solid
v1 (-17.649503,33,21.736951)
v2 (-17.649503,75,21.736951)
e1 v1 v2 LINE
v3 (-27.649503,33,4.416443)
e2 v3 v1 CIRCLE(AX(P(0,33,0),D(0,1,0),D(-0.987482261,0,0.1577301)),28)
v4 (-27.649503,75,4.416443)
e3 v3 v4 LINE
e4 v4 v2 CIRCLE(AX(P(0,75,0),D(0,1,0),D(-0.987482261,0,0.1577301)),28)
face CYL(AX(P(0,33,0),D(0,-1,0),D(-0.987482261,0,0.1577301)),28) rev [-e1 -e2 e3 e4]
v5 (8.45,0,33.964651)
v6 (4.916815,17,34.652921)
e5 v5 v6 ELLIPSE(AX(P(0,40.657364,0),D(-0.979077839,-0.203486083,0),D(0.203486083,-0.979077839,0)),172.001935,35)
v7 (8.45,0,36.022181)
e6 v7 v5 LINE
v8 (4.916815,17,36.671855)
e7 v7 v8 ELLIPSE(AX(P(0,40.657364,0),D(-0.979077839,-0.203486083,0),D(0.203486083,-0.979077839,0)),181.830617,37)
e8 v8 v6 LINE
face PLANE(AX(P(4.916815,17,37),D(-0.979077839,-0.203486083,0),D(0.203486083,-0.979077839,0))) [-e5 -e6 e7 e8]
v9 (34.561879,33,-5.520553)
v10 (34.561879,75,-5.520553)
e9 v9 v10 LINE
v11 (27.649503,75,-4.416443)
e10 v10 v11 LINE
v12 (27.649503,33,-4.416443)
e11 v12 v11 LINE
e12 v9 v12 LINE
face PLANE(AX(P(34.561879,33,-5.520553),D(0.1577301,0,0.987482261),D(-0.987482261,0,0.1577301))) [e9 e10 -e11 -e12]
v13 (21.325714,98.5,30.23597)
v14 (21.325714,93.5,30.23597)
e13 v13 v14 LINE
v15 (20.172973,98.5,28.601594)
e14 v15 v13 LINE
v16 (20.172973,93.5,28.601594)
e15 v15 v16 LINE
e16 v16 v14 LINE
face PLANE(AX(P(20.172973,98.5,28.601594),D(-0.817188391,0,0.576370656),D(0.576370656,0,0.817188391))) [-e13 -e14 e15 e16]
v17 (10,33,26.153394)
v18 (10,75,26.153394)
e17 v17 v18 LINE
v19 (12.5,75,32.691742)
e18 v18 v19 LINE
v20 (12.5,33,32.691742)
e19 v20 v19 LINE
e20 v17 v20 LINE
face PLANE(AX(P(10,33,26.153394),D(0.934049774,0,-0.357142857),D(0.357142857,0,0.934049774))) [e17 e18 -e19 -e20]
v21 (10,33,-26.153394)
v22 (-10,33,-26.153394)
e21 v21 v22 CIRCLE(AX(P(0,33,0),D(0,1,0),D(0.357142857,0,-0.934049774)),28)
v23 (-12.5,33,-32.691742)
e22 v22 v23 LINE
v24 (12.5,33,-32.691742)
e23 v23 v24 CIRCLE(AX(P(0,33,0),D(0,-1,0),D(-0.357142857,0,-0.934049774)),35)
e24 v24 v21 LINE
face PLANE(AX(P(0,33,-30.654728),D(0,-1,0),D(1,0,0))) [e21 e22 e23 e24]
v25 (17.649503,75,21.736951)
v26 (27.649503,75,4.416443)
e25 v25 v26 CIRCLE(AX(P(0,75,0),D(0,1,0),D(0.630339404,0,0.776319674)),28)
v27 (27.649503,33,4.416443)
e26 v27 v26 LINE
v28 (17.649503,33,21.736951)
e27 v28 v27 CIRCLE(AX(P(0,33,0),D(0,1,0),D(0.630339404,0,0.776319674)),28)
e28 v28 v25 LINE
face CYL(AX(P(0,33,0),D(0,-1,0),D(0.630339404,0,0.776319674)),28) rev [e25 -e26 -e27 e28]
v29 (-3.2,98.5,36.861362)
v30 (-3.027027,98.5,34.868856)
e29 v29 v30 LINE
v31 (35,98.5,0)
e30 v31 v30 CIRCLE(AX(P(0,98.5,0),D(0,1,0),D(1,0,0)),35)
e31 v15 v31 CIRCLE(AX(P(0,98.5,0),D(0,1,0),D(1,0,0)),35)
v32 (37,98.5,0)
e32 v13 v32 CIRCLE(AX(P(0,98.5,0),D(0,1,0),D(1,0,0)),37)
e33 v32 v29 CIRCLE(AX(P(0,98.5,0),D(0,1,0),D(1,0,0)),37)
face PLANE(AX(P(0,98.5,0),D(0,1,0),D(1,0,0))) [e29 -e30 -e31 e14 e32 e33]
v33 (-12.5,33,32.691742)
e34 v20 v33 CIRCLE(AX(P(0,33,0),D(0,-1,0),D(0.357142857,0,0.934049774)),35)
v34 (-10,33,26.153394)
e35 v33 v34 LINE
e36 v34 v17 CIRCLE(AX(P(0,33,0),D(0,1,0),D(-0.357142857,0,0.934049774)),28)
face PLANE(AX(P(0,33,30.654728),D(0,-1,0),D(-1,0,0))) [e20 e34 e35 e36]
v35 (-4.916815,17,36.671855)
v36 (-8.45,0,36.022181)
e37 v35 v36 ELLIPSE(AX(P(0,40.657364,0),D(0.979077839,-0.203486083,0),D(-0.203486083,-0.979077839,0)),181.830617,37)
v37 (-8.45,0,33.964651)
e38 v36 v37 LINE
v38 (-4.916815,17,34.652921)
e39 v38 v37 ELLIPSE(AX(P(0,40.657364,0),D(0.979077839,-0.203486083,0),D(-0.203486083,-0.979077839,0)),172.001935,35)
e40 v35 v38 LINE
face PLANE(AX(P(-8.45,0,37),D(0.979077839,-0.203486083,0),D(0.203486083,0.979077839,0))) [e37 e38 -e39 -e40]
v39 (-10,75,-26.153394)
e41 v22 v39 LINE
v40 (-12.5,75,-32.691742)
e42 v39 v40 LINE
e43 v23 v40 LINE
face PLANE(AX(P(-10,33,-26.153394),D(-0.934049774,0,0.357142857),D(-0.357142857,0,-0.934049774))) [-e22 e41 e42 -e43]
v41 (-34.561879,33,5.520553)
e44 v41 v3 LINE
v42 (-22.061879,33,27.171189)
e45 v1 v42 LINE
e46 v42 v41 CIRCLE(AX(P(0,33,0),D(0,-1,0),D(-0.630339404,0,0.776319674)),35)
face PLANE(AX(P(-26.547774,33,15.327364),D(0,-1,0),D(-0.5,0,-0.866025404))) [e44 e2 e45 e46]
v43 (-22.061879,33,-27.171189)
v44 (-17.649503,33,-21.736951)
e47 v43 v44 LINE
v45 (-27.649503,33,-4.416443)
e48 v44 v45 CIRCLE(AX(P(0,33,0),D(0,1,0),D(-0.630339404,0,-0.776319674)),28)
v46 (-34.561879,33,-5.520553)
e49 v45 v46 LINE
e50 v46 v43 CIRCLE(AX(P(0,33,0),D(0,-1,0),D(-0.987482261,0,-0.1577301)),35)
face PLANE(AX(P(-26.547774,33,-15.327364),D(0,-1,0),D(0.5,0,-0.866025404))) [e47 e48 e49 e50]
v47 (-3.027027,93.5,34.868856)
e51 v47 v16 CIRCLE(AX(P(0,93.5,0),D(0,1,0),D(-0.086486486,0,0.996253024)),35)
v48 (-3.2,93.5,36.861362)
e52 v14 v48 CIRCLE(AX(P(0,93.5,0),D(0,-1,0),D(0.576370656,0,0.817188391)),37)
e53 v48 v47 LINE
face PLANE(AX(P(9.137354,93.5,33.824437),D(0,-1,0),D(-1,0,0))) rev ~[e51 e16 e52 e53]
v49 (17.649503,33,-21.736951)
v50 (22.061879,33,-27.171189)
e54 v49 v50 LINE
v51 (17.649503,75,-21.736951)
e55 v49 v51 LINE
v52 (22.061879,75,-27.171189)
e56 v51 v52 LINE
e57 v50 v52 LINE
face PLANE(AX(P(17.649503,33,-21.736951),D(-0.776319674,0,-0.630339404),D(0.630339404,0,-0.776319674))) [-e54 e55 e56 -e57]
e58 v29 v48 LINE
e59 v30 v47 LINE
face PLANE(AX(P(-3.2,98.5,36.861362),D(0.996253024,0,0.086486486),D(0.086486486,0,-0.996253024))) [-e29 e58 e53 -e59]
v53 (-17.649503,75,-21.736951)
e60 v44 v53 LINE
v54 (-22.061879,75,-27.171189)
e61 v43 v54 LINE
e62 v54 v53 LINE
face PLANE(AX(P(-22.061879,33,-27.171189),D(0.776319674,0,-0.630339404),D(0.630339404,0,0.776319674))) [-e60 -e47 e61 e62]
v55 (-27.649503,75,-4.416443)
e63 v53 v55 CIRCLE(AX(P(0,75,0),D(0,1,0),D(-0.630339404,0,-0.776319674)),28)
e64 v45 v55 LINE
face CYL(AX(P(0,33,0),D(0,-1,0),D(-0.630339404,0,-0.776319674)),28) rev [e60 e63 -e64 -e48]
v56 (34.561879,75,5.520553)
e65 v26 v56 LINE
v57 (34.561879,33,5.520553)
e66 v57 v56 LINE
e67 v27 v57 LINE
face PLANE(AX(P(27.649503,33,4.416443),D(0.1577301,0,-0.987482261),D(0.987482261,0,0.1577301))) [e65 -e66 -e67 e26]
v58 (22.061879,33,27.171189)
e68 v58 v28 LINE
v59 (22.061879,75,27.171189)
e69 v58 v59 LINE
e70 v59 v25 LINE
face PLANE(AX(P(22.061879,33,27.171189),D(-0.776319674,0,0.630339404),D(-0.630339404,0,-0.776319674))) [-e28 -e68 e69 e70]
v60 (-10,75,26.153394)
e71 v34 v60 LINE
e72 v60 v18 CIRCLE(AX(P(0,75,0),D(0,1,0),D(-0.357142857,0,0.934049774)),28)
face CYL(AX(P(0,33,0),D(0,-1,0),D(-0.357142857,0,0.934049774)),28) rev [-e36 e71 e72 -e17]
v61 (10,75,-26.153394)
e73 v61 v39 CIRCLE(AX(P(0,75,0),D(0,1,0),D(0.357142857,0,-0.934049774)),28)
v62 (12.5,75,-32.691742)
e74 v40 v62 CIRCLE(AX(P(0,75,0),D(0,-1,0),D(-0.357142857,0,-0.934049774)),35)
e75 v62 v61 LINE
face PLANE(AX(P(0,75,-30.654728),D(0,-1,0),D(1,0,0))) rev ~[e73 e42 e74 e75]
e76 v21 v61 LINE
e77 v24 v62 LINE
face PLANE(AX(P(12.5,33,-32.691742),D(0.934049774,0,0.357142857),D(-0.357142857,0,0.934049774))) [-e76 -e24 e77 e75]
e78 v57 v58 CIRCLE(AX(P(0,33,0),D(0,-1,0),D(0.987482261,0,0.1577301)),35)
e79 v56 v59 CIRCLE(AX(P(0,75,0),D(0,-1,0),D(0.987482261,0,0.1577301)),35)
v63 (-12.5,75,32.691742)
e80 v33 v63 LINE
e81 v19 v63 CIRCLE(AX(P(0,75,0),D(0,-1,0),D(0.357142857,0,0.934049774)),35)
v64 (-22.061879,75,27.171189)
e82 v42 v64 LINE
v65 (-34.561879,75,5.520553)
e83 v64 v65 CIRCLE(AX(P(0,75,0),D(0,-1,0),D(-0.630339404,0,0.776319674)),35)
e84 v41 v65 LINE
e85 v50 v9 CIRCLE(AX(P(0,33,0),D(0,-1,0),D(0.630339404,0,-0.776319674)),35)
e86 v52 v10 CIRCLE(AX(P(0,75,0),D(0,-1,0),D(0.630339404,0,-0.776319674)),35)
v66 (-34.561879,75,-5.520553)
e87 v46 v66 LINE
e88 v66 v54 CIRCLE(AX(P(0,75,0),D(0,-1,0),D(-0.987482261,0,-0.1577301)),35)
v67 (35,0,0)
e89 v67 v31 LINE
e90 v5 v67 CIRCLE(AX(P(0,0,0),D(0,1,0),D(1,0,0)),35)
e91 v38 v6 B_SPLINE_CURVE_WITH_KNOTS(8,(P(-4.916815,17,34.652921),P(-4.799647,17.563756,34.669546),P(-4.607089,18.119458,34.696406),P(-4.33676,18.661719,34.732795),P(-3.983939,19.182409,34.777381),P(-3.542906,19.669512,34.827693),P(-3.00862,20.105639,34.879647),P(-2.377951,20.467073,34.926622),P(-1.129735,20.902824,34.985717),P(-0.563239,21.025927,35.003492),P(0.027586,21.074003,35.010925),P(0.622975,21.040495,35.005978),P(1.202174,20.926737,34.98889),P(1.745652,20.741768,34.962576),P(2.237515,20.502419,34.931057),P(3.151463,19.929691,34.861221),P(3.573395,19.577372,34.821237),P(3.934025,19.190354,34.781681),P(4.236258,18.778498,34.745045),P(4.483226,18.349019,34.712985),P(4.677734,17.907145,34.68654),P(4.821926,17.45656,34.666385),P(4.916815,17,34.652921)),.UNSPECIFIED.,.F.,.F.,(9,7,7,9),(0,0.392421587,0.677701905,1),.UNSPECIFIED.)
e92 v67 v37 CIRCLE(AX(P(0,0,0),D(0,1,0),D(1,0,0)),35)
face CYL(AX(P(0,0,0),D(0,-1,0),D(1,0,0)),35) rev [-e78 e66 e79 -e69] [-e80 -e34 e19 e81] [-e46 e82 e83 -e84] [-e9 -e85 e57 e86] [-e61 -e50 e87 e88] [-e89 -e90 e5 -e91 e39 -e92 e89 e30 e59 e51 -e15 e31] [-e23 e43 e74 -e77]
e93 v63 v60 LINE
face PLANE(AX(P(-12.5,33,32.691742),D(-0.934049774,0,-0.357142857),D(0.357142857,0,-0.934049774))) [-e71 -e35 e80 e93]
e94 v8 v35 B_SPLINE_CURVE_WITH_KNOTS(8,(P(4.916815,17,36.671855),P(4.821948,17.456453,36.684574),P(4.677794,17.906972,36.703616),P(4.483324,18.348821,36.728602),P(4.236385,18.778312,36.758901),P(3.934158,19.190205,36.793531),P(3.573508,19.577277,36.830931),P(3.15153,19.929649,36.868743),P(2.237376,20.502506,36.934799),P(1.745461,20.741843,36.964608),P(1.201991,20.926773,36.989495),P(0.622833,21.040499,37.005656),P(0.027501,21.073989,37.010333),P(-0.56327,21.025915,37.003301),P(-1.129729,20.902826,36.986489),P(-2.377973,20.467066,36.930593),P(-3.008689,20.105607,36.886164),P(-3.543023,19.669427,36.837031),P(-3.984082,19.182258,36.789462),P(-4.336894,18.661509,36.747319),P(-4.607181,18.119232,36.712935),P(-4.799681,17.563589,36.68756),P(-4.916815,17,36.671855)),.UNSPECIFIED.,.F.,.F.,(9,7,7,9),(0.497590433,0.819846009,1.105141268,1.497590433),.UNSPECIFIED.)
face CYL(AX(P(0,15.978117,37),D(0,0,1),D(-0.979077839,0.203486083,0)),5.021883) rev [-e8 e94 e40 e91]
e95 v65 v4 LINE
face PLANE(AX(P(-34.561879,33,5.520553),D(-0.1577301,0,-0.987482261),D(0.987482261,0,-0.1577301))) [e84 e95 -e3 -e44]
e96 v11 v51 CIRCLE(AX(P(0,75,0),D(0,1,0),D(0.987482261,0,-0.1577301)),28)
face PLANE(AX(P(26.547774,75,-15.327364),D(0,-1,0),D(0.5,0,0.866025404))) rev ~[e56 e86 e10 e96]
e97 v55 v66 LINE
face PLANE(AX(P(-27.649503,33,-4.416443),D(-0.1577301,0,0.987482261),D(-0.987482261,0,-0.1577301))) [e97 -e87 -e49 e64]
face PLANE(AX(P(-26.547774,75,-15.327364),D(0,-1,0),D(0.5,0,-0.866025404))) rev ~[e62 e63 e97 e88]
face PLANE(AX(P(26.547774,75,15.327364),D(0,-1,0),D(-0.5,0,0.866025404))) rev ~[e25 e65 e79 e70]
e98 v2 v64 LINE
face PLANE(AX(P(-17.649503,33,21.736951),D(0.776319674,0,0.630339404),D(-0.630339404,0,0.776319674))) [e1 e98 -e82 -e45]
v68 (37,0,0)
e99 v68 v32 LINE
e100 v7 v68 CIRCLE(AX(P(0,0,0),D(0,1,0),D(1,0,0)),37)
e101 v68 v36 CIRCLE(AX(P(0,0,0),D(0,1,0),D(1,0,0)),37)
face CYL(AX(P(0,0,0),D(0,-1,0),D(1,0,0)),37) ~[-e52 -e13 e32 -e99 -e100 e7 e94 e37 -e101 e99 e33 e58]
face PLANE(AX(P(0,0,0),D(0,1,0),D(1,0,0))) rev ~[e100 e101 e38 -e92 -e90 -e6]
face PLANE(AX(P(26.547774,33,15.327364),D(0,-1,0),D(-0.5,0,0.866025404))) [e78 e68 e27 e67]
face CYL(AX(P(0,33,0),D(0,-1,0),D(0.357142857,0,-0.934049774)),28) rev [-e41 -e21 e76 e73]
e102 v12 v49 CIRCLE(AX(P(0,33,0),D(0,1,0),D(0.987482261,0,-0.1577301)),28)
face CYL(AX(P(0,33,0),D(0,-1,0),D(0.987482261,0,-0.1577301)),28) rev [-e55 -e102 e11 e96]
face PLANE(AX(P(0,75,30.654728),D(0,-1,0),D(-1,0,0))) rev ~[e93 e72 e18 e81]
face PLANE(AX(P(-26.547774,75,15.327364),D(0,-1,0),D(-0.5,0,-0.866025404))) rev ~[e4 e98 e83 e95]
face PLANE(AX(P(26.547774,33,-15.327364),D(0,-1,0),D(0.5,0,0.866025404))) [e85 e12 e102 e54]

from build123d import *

# Parameters (mm, degrees)
SKETCH1_R           = 37
SKETCH1_R_2         = 35
BOSS_EXTRUDE1_DEPTH = 98.5
CUT_EXTRUDE2_REACH  = 76
CUT_EXTRUDE3_DEPTH  = 5
BOSS_EXTRUDE2_DEPTH = 42
CIRPATTERN1_COUNT   = 6


with BuildPart() as part:
    # Sketch1 → Boss-Extrude1 (new body)
    with BuildSketch(Plane(origin=(0, 0, 0), x_dir=(1, 0, 0), z_dir=(0, 1, 0))):
        Circle(SKETCH1_R)
        Circle(SKETCH1_R_2, mode=Mode.SUBTRACT)
    extrude(amount=BOSS_EXTRUDE1_DEPTH)

    # Sketch2 → Cut-Extrude2 (cut, up to next)
    with BuildSketch(Plane.XY.offset(37), mode=Mode.PRIVATE) as cut_extrude2_sk1:
        with BuildLine():
            Line((-8.45, 0), (-4.916814722, 17))
            ThreePointArc((-4.916814722, 17), (0, 21), (4.916814722, 17))
            Line((4.916814722, 17), (8.45, 0))
            Line((8.45, 0), (-8.45, 0))
        make_face()
    cut_extrude2_tool1 = extrude(cut_extrude2_sk1.sketch, amount=-CUT_EXTRUDE2_REACH, mode=Mode.PRIVATE) & part.part
    add(cut_extrude2_tool1.solids().sort_by_distance((0, 9.002939, 37))[0], mode=Mode.SUBTRACT)

    # Sketch4 → Cut-Extrude3 (cut)
    with BuildSketch(Plane(origin=(0, 98.5, 0), x_dir=(1, 0, 0), z_dir=(0, 1, 0))):
        with BuildLine():
            Line((20.172972973, -28.601593687), (21.325714286, -30.235970469))
            ThreePointArc((21.325714286, -30.235970469), (9.649317719, -35.719611806), (-3.2, -36.861361885))
            Line((-3.2, -36.861361885), (-3.027027027, -34.868855837))
            ThreePointArc((-3.027027027, -34.868855837), (9.127732978, -33.788821978), (20.172972973, -28.601593687))
        make_face()
    extrude(amount=-CUT_EXTRUDE3_DEPTH, mode=Mode.SUBTRACT)

    # Sketch5 → Boss-Extrude2 (add)
    with BuildSketch(Plane(origin=(0, 33, 0), x_dir=(1, 0, 0), z_dir=(0, 1, 0))):
        with BuildLine():
            Line((-12.5, -32.691742077), (-10, -26.153393661))
            ThreePointArc((-10, -26.153393661), (0, -28), (10, -26.153393661))
            Line((10, -26.153393661), (12.5, -32.691742077))
            ThreePointArc((12.5, -32.691742077), (0, -35), (-12.5, -32.691742077))
        make_face()
    boss_extrude2 = extrude(amount=BOSS_EXTRUDE2_DEPTH)

    # CirPattern1: Boss-Extrude2 ×6 about axis
    cirpattern1_axis = Axis((0, 0, 0), (0, 1, 0))
    for i in range(1, CIRPATTERN1_COUNT):
        add(boss_extrude2.rotate(cirpattern1_axis, i * 360 / CIRPATTERN1_COUNT))


solid = part.part
